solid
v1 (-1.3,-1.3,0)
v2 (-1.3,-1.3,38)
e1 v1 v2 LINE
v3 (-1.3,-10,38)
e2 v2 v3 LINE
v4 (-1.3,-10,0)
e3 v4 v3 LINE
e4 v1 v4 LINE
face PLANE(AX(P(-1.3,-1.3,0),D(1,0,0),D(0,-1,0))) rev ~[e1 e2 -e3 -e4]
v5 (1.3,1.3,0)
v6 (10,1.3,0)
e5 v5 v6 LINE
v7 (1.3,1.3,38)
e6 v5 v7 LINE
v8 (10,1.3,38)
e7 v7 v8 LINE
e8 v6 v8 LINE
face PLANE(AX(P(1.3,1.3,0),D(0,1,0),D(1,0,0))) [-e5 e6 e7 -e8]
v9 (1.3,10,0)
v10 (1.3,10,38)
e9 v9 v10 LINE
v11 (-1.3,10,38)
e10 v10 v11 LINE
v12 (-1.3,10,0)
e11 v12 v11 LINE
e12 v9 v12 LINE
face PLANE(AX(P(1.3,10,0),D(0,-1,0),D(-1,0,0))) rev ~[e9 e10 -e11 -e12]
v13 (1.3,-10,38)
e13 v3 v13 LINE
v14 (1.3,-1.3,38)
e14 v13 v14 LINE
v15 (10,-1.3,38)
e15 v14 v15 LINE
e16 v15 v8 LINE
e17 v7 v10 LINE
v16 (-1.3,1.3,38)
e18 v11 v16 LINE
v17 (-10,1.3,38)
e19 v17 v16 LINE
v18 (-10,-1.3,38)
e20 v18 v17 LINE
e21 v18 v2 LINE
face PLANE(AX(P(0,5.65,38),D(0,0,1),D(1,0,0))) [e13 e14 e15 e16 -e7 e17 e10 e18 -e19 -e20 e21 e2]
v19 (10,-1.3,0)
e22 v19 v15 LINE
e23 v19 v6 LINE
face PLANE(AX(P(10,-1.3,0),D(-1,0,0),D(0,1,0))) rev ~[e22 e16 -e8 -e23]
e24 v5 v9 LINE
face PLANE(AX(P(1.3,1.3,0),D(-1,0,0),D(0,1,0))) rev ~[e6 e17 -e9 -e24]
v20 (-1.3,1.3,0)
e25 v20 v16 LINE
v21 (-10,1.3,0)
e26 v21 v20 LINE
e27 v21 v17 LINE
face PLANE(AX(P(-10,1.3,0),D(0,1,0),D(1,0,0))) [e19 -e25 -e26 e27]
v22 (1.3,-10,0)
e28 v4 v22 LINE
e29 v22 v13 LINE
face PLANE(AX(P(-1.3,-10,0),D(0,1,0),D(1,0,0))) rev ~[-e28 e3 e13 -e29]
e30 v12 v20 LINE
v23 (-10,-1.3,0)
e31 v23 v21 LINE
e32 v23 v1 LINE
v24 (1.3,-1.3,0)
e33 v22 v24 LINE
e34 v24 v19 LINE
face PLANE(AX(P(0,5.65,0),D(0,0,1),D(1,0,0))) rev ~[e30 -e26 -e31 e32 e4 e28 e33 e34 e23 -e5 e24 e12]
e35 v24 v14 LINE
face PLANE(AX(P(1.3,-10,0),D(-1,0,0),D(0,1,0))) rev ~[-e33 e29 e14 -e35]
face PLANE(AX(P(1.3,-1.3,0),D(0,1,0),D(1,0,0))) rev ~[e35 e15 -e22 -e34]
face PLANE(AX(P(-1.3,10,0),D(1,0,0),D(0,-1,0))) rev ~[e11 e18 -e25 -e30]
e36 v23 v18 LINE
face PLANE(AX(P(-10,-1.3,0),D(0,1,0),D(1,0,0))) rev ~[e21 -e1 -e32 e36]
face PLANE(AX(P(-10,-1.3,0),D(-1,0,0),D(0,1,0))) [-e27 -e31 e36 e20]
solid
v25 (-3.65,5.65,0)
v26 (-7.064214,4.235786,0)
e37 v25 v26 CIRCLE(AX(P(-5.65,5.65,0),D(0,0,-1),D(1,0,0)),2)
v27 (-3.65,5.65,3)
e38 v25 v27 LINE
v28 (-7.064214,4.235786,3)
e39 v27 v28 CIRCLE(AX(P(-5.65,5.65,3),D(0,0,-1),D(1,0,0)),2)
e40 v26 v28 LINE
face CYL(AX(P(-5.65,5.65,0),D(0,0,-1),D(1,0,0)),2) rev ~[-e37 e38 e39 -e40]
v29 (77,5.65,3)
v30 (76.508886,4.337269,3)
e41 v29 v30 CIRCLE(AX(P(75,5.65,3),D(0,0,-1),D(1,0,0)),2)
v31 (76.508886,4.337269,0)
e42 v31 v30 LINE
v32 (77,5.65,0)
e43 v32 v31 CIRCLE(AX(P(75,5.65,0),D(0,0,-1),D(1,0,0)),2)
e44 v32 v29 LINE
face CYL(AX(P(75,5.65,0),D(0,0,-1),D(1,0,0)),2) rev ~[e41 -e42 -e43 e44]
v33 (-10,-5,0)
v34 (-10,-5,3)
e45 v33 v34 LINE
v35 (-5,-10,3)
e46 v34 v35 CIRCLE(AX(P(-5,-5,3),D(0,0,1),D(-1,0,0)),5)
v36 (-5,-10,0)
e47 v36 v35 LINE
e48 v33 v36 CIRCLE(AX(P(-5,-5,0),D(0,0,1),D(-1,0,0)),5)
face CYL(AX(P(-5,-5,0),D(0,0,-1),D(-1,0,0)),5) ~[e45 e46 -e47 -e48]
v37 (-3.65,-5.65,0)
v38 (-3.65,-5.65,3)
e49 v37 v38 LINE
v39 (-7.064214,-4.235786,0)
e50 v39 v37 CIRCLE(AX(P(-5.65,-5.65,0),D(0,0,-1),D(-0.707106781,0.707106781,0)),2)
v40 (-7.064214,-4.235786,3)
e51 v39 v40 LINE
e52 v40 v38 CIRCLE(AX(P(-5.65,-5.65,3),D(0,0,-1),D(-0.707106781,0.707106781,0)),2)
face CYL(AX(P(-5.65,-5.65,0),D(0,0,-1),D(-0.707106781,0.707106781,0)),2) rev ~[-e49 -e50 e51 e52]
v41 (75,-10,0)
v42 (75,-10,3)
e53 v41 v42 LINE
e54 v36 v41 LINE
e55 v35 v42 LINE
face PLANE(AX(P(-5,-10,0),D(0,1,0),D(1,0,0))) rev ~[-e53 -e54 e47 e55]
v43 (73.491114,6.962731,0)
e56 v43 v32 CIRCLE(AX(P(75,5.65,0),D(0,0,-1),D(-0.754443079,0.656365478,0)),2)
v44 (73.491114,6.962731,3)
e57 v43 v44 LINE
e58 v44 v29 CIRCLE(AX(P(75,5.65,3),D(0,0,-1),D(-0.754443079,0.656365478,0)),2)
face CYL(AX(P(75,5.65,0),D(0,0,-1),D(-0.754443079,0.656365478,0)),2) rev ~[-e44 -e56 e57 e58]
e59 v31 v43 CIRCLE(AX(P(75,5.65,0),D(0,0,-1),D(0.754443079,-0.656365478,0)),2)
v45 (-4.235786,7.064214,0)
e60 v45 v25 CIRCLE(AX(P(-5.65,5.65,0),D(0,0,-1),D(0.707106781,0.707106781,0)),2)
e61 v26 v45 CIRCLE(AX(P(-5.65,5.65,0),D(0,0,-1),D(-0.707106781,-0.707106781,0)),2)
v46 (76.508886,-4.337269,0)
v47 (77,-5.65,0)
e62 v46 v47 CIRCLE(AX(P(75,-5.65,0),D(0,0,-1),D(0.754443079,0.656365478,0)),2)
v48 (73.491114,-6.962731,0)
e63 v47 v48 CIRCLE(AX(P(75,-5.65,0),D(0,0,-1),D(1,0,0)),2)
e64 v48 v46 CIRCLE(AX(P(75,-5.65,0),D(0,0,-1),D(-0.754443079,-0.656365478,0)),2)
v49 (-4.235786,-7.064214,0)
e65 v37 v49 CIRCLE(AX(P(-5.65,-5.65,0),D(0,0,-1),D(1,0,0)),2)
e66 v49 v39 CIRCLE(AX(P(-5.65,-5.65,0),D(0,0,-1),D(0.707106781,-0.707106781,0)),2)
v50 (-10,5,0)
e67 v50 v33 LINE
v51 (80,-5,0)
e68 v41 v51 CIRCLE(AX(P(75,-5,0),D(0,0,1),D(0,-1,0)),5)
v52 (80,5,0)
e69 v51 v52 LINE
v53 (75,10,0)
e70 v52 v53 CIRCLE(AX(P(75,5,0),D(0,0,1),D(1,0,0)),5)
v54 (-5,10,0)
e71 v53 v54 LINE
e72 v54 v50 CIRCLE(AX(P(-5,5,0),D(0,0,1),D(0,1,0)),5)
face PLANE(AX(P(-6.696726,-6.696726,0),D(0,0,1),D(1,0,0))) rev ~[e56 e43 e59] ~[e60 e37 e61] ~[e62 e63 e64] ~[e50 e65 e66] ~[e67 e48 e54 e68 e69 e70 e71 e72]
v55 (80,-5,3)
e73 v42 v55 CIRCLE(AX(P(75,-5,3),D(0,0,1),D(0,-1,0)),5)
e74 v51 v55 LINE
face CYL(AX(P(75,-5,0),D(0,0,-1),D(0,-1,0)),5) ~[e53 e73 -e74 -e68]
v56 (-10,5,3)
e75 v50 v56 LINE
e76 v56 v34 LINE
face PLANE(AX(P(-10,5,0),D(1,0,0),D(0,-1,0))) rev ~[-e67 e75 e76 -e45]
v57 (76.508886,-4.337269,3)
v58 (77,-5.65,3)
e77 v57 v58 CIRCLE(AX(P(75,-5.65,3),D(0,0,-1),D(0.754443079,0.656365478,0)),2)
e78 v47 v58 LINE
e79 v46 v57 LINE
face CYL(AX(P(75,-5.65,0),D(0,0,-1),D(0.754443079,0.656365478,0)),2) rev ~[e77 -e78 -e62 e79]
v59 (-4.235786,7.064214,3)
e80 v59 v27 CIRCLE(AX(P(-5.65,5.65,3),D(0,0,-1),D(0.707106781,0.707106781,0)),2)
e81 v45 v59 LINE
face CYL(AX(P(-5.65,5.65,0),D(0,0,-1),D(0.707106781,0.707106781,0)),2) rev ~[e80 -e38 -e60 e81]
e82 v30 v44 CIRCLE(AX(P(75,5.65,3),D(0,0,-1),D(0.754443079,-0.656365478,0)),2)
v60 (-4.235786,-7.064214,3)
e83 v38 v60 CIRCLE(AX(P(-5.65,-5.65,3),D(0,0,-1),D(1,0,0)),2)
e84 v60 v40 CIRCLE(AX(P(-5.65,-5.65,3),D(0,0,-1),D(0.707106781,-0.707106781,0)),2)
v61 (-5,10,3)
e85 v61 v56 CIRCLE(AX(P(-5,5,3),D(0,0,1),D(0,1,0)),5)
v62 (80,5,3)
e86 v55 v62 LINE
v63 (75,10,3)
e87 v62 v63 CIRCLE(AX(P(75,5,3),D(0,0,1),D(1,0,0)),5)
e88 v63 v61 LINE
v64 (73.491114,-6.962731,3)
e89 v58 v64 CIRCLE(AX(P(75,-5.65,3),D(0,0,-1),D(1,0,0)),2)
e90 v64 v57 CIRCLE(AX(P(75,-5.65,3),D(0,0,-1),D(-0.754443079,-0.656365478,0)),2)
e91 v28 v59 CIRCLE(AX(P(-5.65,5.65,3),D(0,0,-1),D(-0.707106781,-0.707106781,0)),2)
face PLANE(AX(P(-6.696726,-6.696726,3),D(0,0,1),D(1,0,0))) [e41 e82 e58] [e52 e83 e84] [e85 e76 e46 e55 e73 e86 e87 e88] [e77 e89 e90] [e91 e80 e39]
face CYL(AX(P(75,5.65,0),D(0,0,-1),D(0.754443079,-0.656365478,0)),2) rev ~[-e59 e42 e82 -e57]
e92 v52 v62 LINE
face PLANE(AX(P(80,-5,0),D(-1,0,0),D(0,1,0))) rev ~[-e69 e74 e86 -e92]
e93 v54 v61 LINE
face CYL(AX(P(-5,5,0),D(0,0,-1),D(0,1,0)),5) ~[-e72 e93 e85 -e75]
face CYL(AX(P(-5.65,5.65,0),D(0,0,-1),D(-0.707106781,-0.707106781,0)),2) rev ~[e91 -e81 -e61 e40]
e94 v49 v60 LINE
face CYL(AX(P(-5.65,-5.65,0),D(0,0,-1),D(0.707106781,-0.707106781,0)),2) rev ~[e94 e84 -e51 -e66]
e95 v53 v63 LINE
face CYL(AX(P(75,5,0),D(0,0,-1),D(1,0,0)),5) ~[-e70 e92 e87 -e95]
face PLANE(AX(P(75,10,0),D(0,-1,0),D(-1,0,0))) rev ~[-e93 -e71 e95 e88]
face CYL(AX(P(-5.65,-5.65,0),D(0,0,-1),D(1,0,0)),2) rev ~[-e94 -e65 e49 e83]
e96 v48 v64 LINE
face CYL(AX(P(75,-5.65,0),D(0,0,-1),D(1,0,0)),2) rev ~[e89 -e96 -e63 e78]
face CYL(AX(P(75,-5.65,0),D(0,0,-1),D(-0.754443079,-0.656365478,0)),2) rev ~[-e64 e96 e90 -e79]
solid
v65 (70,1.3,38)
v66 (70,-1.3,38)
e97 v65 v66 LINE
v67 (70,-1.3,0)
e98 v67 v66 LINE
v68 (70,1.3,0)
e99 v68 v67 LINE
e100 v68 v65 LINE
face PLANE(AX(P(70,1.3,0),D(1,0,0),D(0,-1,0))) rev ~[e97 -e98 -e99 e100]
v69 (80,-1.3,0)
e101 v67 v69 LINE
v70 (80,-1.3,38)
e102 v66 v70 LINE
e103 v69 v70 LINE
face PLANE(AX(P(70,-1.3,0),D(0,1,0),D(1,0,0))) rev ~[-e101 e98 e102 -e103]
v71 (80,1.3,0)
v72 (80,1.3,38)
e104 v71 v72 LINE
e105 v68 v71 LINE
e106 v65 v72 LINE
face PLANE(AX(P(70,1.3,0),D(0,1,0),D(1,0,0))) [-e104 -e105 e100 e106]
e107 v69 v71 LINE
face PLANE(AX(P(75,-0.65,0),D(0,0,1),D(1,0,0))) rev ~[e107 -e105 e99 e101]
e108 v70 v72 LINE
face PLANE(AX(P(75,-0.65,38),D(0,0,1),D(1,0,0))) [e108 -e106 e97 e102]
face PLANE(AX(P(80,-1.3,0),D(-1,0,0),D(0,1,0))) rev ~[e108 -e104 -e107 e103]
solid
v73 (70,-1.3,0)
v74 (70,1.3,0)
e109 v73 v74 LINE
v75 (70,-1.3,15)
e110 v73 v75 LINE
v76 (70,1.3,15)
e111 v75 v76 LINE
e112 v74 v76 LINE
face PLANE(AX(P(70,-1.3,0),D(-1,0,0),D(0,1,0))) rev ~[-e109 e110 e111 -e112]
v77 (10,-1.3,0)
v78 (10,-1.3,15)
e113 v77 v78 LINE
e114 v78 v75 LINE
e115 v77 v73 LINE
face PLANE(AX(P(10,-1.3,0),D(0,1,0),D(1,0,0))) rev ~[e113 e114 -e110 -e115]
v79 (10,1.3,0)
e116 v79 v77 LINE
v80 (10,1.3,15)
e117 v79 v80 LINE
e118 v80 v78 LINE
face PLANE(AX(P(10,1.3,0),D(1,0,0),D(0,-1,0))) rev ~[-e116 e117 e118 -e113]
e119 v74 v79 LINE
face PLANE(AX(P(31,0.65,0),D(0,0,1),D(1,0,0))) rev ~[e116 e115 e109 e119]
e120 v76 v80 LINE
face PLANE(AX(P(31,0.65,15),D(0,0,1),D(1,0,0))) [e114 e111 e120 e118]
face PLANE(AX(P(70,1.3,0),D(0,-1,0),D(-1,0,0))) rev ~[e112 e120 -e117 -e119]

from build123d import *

# Parameters (mm, degrees)
F0_W     = 10
F0_H     = 1.3
F1_DEPTH = 38
F0_W_2   = 8.7
F0_H_2   = 2.6
F0_W_3   = 1.3
F0_W_4   = 18
F2_DEPTH = 3
F3_DEPTH = 15


with BuildPart() as f1:
    # F0 (on Top) → F1 (new body)
    with BuildSketch(Plane.XY):
        with Locations((75, -0.65)):
            Rectangle(F0_W, F0_H)
        with Locations((75, 0.65)):
            Rectangle(F0_W, F0_H)
    extrude(amount=F1_DEPTH)


with BuildPart() as f1b:
    # F0 (on Top) → F1, piece 2 (new body)
    with BuildSketch(Plane.XY):
        Polygon((0, 1.3), (1.3, 1.3), (1.3, 10), (-1.3, 10), (-1.3, 1.3), align=None)
        with Locations((-5.65, 0)):
            Rectangle(F0_W_2, F0_H_2)
        Polygon((1.3, -10), (1.3, -1.3), (0, -1.3), (-1.3, -1.3), (-1.3, -10), align=None)
        with Locations((5.65, -0.65)):
            Rectangle(F0_W_2, F0_H)
        with Locations((5.65, 0.65)):
            Rectangle(F0_W_2, F0_H)
        with Locations((0.65, -0.65)):
            Rectangle(F0_W_3, F0_H)
        with Locations((0.65, 0.65)):
            Rectangle(F0_W_3, F0_H)
        Polygon((0, 0), (0, 1.3), (-1.3, 1.3), (-1.3, -1.3), (0, -1.3), align=None)
    extrude(amount=F1_DEPTH)


with BuildPart() as f2:
    # F0 (on Top) → F2 (new body)
    with BuildSketch(Plane.XY):
        with BuildLine():
            Line((-7.0642135624, -4.2357864376), (-10, -1.3))
            Line((-10, -1.3), (-10, -5))
            ThreePointArc((-10, -5), (-8.5355339059, -8.5355339059), (-5, -10))
            Line((-5, -10), (-1.3, -10))
            Line((-1.3, -10), (-4.2357864376, -7.0642135624))
            ThreePointArc((-4.2357864376, -7.0642135624), (-7.0642135624, -7.0642135624), (-7.0642135624, -4.2357864376))
        make_face()
        with BuildLine():
            ThreePointArc((35.65, -3.3), (18.151339337, -4.9906352574), (1.3, -10))
            Line((1.3, -10), (70, -10))
            ThreePointArc((70, -10), (53.148660663, -4.9906352574), (35.65, -3.3))
        make_face()
        with BuildLine():
            Line((-4.2357864376, 7.0642135624), (-1.3, 10))
            Line((-1.3, 10), (-5, 10))
            ThreePointArc((-5, 10), (-8.5355339059, 8.5355339059), (-10, 5))
            Line((-10, 5), (-10, 1.3))
            Line((-10, 1.3), (-7.0642135624, 4.2357864376))
            ThreePointArc((-7.0642135624, 4.2357864376), (-7.0642135624, 7.0642135624), (-4.2357864376, 7.0642135624))
        make_face()
        with BuildLine():
            Line((70, 10), (1.3, 10))
            ThreePointArc((1.3, 10), (18.151339337, 4.9906352574), (35.65, 3.3))
            ThreePointArc((35.65, 3.3), (53.148660663, 4.9906352574), (70, 10))
        make_face()
        with Locations((-5.65, 0)):
            Rectangle(F0_W_2, F0_H_2)
        with Locations((75, 0.65)):
            Rectangle(F0_W, F0_H)
        with Locations((75, -0.65)):
            Rectangle(F0_W, F0_H)
        with BuildLine():
            Line((73.4911138428, -6.9627309567), (70, -10))
            Line((70, -10), (75, -10))
            ThreePointArc((75, -10), (78.5355339059, -8.5355339059), (80, -5))
            Line((80, -5), (80, -1.3))
            Line((80, -1.3), (76.5088861572, -4.3372690433))
            ThreePointArc((76.5088861572, -4.3372690433), (76.8732021133, -4.9492048496), (77, -5.65))
            ThreePointArc((77, -5.65), (75.7007951504, -7.5232021133), (73.4911138428, -6.9627309567))
        make_face()
        with BuildLine():
            Line((75, 10), (70, 10))
            Line((70, 10), (73.4911138428, 6.9627309567))
            ThreePointArc((73.4911138428, 6.9627309567), (75.7007951504, 7.5232021133), (77, 5.65))
            ThreePointArc((77, 5.65), (76.8732021133, 4.9492048496), (76.5088861572, 4.3372690433))
            Line((76.5088861572, 4.3372690433), (80, 1.3))
            Line((80, 1.3), (80, 5))
            ThreePointArc((80, 5), (78.5355339059, 8.5355339059), (75, 10))
        make_face()
        Polygon((0, 1.3), (1.3, 1.3), (1.3, 10), (-1.3, 10), (-1.3, 1.3), align=None)
        with BuildLine():
            Line((-10, 1.3), (-1.3, 1.3))
            Line((-1.3, 1.3), (-1.3, 10))
            Line((-1.3, 10), (-4.2357864376, 7.0642135624))
            ThreePointArc((-4.2357864376, 7.0642135624), (-3.802240935, 6.4153668647), (-3.65, 5.65))
            ThreePointArc((-3.65, 5.65), (-4.8846331353, 3.802240935), (-7.0642135624, 4.2357864376))
            Line((-7.0642135624, 4.2357864376), (-10, 1.3))
        make_face()
        Polygon((1.3, -10), (1.3, -1.3), (0, -1.3), (-1.3, -1.3), (-1.3, -10), align=None)
        with BuildLine():
            Line((-1.3, -10), (-1.3, -1.3))
            Line((-1.3, -1.3), (-10, -1.3))
            Line((-10, -1.3), (-7.0642135624, -4.2357864376))
            ThreePointArc((-7.0642135624, -4.2357864376), (-4.8846331353, -3.802240935), (-3.65, -5.65))
            ThreePointArc((-3.65, -5.65), (-3.802240935, -6.4153668647), (-4.2357864376, -7.0642135624))
            Line((-4.2357864376, -7.0642135624), (-1.3, -10))
        make_face()
        with BuildLine():
            Line((73.4911138428, 6.9627309567), (70, 10))
            Line((70, 10), (70, 1.3))
            Line((70, 1.3), (80, 1.3))
            Line((80, 1.3), (76.5088861572, 4.3372690433))
            ThreePointArc((76.5088861572, 4.3372690433), (73.6872690433, 4.1411138428), (73.4911138428, 6.9627309567))
        make_face()
        with BuildLine():
            Line((80, -1.3), (70, -1.3))
            Line((70, -1.3), (70, -10))
            Line((70, -10), (73.4911138428, -6.9627309567))
            ThreePointArc((73.4911138428, -6.9627309567), (73.6872690433, -4.1411138428), (76.5088861572, -4.3372690433))
            Line((76.5088861572, -4.3372690433), (80, -1.3))
        make_face()
        with BuildLine():
            Line((35.65, -1.3), (10, -1.3))
            Line((10, -1.3), (1.3, -1.3))
            Line((1.3, -1.3), (1.3, -10))
            ThreePointArc((1.3, -10), (18.151339337, -4.9906352574), (35.65, -3.3))
            Line((35.65, -3.3), (35.65, -1.3))
        make_face()
        with BuildLine():
            Line((35.65, 3.3), (35.65, 1.3))
            Line((35.65, 1.3), (52, 1.3))
            Line((52, 1.3), (70, 1.3))
            Line((70, 1.3), (70, 10))
            ThreePointArc((70, 10), (53.148660663, 4.9906352574), (35.65, 3.3))
        make_face()
        with BuildLine():
            Line((1.3, 1.3), (10, 1.3))
            Line((10, 1.3), (35.65, 1.3))
            Line((35.65, 1.3), (35.65, 3.3))
            ThreePointArc((35.65, 3.3), (18.151339337, 4.9906352574), (1.3, 10))
            Line((1.3, 10), (1.3, 1.3))
        make_face()
        Polygon((35.65, 1.3), (10, 1.3), (10, 0), (52, 0), (52, 1.3), align=None)
        Polygon((52, 0), (10, 0), (10, -1.3), (35.65, -1.3), (52, -1.3), align=None)
        with Locations((61, 0.65)):
            Rectangle(F0_W_4, F0_H)
        with Locations((5.65, 0.65)):
            Rectangle(F0_W_2, F0_H)
        with Locations((5.65, -0.65)):
            Rectangle(F0_W_2, F0_H)
        with Locations((0.65, -0.65)):
            Rectangle(F0_W_3, F0_H)
        Polygon((0, 0), (0, 1.3), (-1.3, 1.3), (-1.3, -1.3), (0, -1.3), align=None)
        with Locations((0.65, 0.65)):
            Rectangle(F0_W_3, F0_H)
        with Locations((61, -0.65)):
            Rectangle(F0_W_4, F0_H)
        with BuildLine():
            Line((52, -1.3), (35.65, -1.3))
            Line((35.65, -1.3), (35.65, -3.3))
            ThreePointArc((35.65, -3.3), (53.148660663, -4.9906352574), (70, -10))
            Line((70, -10), (70, -1.3))
            Line((70, -1.3), (52, -1.3))
        make_face()
    extrude(amount=F2_DEPTH)


with BuildPart() as f3:
    # F0 (on Top) → F3 (new body)
    with BuildSketch(Plane.XY):
        Polygon((35.65, 1.3), (10, 1.3), (10, 0), (52, 0), (52, 1.3), align=None)
        Polygon((52, 0), (10, 0), (10, -1.3), (35.65, -1.3), (52, -1.3), align=None)
        with Locations((61, 0.65)):
            Rectangle(F0_W_4, F0_H)
        with Locations((61, -0.65)):
            Rectangle(F0_W_4, F0_H)
    extrude(amount=F3_DEPTH)


solid = Compound([f1.part, f1b.part, f2.part, f3.part])
